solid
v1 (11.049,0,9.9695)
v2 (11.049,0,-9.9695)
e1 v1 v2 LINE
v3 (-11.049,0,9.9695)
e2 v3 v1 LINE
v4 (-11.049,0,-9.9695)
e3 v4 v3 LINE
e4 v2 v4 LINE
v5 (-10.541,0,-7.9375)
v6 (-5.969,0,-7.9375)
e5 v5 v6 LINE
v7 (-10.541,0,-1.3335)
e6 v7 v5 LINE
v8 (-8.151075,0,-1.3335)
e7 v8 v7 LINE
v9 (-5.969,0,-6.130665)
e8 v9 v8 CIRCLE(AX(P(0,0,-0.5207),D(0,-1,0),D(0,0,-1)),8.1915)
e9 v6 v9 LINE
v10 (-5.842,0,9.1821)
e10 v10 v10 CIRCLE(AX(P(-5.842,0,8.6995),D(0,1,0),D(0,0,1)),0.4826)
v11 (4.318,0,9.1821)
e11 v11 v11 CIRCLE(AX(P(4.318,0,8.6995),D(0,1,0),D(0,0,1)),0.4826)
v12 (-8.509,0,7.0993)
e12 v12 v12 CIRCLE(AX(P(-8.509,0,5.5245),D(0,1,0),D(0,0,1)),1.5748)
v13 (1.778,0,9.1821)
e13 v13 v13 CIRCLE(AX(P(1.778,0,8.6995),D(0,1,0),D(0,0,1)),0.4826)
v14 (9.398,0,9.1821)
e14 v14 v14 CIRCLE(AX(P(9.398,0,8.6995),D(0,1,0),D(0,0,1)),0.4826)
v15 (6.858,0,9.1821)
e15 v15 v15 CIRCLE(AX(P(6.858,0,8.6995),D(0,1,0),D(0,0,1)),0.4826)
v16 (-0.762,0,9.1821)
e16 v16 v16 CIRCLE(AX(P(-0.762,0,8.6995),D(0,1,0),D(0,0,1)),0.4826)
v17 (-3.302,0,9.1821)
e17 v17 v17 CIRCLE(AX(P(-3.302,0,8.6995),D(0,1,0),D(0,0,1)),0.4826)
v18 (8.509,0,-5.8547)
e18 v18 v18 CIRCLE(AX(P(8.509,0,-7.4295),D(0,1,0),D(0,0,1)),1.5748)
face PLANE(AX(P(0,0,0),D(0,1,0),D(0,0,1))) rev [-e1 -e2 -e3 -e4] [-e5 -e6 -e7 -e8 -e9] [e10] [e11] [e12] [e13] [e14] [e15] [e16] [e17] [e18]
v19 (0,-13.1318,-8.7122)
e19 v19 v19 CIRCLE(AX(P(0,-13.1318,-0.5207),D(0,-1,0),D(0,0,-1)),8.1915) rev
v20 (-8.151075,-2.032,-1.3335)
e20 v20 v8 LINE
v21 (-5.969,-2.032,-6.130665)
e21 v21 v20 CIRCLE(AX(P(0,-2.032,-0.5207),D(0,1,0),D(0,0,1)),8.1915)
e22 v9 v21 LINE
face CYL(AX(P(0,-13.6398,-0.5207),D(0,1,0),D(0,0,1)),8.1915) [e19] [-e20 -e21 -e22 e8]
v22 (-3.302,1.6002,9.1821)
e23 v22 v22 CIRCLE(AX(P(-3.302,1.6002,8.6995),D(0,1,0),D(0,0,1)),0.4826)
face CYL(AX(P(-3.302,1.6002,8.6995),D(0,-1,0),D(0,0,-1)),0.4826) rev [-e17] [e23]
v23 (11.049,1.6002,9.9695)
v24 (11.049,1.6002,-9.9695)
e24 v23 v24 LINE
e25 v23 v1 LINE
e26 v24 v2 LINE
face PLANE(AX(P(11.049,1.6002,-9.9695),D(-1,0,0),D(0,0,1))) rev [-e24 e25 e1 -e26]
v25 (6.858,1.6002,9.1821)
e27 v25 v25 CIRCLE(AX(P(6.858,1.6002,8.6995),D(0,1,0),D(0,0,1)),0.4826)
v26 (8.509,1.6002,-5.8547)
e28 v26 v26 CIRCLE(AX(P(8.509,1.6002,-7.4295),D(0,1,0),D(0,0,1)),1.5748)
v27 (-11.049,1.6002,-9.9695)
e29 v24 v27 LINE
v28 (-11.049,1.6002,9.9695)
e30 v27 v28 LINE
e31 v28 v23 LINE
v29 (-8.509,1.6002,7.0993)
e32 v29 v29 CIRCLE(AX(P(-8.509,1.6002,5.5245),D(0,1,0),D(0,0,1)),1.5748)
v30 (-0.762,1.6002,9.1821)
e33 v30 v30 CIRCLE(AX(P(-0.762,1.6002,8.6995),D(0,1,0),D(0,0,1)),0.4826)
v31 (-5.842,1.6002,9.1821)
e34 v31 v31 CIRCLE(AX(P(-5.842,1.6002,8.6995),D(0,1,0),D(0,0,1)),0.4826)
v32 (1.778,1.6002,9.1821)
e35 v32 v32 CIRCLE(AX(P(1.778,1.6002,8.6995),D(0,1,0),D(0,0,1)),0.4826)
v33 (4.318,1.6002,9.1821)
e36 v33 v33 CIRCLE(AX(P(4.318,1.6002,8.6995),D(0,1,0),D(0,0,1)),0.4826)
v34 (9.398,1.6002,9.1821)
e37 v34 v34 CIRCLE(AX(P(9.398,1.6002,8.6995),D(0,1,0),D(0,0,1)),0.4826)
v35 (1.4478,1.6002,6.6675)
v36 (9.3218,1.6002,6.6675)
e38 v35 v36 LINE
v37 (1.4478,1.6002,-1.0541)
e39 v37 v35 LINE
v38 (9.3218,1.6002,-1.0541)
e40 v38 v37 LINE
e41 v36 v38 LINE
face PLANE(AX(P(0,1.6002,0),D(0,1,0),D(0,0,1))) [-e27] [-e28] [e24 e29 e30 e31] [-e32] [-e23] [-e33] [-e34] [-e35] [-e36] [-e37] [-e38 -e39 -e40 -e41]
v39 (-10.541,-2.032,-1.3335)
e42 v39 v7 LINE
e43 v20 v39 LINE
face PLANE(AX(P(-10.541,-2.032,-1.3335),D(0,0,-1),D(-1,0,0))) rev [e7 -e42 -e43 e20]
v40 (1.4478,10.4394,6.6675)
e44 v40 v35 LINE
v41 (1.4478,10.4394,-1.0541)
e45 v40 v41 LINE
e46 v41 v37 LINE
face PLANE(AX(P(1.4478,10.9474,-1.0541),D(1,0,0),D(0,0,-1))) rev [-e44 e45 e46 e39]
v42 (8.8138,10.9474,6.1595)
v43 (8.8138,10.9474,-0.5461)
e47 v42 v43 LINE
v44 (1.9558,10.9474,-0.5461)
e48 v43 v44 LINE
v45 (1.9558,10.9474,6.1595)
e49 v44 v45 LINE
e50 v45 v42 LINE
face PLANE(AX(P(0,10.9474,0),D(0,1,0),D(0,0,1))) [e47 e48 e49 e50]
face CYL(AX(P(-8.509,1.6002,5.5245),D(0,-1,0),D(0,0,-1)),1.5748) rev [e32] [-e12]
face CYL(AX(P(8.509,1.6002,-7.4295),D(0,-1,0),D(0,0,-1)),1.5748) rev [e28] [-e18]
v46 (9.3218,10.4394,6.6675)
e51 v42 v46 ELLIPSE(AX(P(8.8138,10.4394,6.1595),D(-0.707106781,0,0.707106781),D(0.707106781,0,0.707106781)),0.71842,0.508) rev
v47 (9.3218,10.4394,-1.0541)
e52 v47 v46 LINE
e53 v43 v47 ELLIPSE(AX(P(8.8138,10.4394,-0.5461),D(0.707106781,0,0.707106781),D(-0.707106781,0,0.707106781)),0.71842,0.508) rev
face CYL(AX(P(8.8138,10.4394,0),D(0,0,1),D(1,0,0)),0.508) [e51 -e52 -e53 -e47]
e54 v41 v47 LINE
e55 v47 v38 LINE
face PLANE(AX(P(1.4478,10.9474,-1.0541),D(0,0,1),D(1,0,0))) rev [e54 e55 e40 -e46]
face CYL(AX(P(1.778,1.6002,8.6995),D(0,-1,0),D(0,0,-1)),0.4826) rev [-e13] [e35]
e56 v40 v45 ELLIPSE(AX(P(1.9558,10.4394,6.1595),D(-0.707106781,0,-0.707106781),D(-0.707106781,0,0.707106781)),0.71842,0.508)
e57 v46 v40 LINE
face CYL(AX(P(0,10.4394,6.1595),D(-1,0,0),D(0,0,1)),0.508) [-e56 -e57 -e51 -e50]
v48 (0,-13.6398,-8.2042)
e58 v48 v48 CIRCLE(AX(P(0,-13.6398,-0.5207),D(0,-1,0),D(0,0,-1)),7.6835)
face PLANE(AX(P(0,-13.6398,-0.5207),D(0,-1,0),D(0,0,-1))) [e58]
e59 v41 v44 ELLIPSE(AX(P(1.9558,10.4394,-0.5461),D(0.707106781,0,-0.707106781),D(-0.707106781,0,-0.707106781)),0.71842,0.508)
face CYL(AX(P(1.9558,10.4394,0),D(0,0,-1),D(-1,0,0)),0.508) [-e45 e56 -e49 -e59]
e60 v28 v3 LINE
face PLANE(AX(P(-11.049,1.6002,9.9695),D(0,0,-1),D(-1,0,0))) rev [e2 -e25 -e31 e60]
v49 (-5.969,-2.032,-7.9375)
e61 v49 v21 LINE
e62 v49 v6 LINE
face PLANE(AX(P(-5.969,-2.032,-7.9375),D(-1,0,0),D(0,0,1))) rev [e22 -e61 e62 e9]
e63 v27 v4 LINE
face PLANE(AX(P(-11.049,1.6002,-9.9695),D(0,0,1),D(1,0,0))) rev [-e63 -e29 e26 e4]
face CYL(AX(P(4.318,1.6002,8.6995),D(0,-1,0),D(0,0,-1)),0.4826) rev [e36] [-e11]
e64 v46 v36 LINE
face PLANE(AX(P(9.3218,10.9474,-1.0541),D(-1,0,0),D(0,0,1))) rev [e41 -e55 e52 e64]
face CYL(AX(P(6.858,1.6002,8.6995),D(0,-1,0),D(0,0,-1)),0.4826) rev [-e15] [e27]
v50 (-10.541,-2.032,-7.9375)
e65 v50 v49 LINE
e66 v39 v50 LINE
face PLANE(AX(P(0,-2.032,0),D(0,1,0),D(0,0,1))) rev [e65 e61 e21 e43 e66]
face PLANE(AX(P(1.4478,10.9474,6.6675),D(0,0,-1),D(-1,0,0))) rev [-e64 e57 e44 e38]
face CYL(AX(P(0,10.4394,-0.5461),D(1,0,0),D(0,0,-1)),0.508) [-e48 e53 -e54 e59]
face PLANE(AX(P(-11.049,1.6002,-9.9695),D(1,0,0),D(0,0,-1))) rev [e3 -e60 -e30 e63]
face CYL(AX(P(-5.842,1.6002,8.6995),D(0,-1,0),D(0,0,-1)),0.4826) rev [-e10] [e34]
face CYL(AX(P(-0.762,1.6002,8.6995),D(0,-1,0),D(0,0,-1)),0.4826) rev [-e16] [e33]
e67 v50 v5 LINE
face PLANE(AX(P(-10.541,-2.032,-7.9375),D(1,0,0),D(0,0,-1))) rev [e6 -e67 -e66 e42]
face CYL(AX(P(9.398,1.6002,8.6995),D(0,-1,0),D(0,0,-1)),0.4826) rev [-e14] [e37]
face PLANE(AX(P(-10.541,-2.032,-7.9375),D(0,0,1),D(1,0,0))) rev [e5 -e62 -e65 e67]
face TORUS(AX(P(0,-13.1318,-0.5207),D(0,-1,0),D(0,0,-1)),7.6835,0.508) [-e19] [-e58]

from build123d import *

# Parameters (mm, degrees)
SKETCH1_W           = 22.098
SKETCH1_H           = 19.939
SKETCH1_R           = 1.5748
SKETCH1_R_2         = 0.4826
BOSS_EXTRUDE1_DEPTH = 1.6002
SKETCH2_W           = 7.874
SKETCH2_H           = 7.7216
BOSS_EXTRUDE2_DEPTH = 9.3472
SKETCH7_R           = 8.1915
BOSS_EXTRUDE6_DEPTH = 13.6398
SKETCH8_W           = 4.572
SKETCH8_H           = 6.604
BOSS_EXTRUDE7_DEPTH = 2.032
FILLET2_R           = 0.508
FILLET3_R           = 0.508


with BuildPart() as part:
    # Sketch1 → Boss-Extrude1 (new body)
    with BuildSketch(Plane(origin=(0, 0, 0), x_dir=(1, 0, 0), z_dir=(0, 1, 0))):
        Rectangle(SKETCH1_W, SKETCH1_H)
        with Locations(Location((8.509, 7.4295, 0), (0, 0, 270))):
            Circle(SKETCH1_R, mode=Mode.SUBTRACT)
        with Locations(Location((-8.509, -5.5245, 0), (0, 0, 270))):
            Circle(SKETCH1_R, mode=Mode.SUBTRACT)
        with Locations(Location((9.398, -8.6995, 0), (0, 0, 270))):
            Circle(SKETCH1_R_2, mode=Mode.SUBTRACT)
        with Locations(Location((6.858, -8.6995, 0), (0, 0, 270))):
            Circle(SKETCH1_R_2, mode=Mode.SUBTRACT)
        with Locations(Location((4.318, -8.6995, 0), (0, 0, 270))):
            Circle(SKETCH1_R_2, mode=Mode.SUBTRACT)
        with Locations(Location((1.778, -8.6995, 0), (0, 0, 270))):
            Circle(SKETCH1_R_2, mode=Mode.SUBTRACT)
        with Locations(Location((-0.762, -8.6995, 0), (0, 0, 270))):
            Circle(SKETCH1_R_2, mode=Mode.SUBTRACT)
        with Locations(Location((-3.302, -8.6995, 0), (0, 0, 270))):
            Circle(SKETCH1_R_2, mode=Mode.SUBTRACT)
        with Locations(Location((-5.842, -8.6995, 0), (0, 0, 270))):
            Circle(SKETCH1_R_2, mode=Mode.SUBTRACT)
    extrude(amount=BOSS_EXTRUDE1_DEPTH)

    # Sketch2 → Boss-Extrude2 (add)
    with BuildSketch(Plane(origin=(0, 1.6002, 0), x_dir=(1, 0, 0), z_dir=(0, 1, 0))):
        with Locations((5.3848, -2.8067)):
            Rectangle(SKETCH2_W, SKETCH2_H)
    extrude(amount=BOSS_EXTRUDE2_DEPTH)

    # Sketch7 → Boss-Extrude6 (add)
    with BuildSketch(Plane.XZ):
        with Locations(Location((0, -0.5207, 0), (0, 0, 270))):
            Circle(SKETCH7_R)
    extrude(amount=BOSS_EXTRUDE6_DEPTH)

    # Sketch8 → Boss-Extrude7 (add)
    with BuildSketch(Plane.XZ):
        with Locations((-8.255, -4.6355)):
            Rectangle(SKETCH8_W, SKETCH8_H)
    extrude(amount=BOSS_EXTRUDE7_DEPTH)

    # Fillet2
    fillet2_edges = [part.edges().sort_by_distance(p)[0] for p in [
        (0, -13.6398, 7.6708),
    ]]
    fillet(fillet2_edges, radius=FILLET2_R)

    # Fillet3
    fillet3_edges = [part.edges().sort_by_distance(p)[0] for p in [
        (1.4478, 10.9474, 2.8067),
        (5.3848, 10.9474, 6.6675),
        (9.3218, 10.9474, 2.8067),
        (5.3848, 10.9474, -1.0541),
    ]]
    fillet(fillet3_edges, radius=FILLET3_R)


solid = part.part
